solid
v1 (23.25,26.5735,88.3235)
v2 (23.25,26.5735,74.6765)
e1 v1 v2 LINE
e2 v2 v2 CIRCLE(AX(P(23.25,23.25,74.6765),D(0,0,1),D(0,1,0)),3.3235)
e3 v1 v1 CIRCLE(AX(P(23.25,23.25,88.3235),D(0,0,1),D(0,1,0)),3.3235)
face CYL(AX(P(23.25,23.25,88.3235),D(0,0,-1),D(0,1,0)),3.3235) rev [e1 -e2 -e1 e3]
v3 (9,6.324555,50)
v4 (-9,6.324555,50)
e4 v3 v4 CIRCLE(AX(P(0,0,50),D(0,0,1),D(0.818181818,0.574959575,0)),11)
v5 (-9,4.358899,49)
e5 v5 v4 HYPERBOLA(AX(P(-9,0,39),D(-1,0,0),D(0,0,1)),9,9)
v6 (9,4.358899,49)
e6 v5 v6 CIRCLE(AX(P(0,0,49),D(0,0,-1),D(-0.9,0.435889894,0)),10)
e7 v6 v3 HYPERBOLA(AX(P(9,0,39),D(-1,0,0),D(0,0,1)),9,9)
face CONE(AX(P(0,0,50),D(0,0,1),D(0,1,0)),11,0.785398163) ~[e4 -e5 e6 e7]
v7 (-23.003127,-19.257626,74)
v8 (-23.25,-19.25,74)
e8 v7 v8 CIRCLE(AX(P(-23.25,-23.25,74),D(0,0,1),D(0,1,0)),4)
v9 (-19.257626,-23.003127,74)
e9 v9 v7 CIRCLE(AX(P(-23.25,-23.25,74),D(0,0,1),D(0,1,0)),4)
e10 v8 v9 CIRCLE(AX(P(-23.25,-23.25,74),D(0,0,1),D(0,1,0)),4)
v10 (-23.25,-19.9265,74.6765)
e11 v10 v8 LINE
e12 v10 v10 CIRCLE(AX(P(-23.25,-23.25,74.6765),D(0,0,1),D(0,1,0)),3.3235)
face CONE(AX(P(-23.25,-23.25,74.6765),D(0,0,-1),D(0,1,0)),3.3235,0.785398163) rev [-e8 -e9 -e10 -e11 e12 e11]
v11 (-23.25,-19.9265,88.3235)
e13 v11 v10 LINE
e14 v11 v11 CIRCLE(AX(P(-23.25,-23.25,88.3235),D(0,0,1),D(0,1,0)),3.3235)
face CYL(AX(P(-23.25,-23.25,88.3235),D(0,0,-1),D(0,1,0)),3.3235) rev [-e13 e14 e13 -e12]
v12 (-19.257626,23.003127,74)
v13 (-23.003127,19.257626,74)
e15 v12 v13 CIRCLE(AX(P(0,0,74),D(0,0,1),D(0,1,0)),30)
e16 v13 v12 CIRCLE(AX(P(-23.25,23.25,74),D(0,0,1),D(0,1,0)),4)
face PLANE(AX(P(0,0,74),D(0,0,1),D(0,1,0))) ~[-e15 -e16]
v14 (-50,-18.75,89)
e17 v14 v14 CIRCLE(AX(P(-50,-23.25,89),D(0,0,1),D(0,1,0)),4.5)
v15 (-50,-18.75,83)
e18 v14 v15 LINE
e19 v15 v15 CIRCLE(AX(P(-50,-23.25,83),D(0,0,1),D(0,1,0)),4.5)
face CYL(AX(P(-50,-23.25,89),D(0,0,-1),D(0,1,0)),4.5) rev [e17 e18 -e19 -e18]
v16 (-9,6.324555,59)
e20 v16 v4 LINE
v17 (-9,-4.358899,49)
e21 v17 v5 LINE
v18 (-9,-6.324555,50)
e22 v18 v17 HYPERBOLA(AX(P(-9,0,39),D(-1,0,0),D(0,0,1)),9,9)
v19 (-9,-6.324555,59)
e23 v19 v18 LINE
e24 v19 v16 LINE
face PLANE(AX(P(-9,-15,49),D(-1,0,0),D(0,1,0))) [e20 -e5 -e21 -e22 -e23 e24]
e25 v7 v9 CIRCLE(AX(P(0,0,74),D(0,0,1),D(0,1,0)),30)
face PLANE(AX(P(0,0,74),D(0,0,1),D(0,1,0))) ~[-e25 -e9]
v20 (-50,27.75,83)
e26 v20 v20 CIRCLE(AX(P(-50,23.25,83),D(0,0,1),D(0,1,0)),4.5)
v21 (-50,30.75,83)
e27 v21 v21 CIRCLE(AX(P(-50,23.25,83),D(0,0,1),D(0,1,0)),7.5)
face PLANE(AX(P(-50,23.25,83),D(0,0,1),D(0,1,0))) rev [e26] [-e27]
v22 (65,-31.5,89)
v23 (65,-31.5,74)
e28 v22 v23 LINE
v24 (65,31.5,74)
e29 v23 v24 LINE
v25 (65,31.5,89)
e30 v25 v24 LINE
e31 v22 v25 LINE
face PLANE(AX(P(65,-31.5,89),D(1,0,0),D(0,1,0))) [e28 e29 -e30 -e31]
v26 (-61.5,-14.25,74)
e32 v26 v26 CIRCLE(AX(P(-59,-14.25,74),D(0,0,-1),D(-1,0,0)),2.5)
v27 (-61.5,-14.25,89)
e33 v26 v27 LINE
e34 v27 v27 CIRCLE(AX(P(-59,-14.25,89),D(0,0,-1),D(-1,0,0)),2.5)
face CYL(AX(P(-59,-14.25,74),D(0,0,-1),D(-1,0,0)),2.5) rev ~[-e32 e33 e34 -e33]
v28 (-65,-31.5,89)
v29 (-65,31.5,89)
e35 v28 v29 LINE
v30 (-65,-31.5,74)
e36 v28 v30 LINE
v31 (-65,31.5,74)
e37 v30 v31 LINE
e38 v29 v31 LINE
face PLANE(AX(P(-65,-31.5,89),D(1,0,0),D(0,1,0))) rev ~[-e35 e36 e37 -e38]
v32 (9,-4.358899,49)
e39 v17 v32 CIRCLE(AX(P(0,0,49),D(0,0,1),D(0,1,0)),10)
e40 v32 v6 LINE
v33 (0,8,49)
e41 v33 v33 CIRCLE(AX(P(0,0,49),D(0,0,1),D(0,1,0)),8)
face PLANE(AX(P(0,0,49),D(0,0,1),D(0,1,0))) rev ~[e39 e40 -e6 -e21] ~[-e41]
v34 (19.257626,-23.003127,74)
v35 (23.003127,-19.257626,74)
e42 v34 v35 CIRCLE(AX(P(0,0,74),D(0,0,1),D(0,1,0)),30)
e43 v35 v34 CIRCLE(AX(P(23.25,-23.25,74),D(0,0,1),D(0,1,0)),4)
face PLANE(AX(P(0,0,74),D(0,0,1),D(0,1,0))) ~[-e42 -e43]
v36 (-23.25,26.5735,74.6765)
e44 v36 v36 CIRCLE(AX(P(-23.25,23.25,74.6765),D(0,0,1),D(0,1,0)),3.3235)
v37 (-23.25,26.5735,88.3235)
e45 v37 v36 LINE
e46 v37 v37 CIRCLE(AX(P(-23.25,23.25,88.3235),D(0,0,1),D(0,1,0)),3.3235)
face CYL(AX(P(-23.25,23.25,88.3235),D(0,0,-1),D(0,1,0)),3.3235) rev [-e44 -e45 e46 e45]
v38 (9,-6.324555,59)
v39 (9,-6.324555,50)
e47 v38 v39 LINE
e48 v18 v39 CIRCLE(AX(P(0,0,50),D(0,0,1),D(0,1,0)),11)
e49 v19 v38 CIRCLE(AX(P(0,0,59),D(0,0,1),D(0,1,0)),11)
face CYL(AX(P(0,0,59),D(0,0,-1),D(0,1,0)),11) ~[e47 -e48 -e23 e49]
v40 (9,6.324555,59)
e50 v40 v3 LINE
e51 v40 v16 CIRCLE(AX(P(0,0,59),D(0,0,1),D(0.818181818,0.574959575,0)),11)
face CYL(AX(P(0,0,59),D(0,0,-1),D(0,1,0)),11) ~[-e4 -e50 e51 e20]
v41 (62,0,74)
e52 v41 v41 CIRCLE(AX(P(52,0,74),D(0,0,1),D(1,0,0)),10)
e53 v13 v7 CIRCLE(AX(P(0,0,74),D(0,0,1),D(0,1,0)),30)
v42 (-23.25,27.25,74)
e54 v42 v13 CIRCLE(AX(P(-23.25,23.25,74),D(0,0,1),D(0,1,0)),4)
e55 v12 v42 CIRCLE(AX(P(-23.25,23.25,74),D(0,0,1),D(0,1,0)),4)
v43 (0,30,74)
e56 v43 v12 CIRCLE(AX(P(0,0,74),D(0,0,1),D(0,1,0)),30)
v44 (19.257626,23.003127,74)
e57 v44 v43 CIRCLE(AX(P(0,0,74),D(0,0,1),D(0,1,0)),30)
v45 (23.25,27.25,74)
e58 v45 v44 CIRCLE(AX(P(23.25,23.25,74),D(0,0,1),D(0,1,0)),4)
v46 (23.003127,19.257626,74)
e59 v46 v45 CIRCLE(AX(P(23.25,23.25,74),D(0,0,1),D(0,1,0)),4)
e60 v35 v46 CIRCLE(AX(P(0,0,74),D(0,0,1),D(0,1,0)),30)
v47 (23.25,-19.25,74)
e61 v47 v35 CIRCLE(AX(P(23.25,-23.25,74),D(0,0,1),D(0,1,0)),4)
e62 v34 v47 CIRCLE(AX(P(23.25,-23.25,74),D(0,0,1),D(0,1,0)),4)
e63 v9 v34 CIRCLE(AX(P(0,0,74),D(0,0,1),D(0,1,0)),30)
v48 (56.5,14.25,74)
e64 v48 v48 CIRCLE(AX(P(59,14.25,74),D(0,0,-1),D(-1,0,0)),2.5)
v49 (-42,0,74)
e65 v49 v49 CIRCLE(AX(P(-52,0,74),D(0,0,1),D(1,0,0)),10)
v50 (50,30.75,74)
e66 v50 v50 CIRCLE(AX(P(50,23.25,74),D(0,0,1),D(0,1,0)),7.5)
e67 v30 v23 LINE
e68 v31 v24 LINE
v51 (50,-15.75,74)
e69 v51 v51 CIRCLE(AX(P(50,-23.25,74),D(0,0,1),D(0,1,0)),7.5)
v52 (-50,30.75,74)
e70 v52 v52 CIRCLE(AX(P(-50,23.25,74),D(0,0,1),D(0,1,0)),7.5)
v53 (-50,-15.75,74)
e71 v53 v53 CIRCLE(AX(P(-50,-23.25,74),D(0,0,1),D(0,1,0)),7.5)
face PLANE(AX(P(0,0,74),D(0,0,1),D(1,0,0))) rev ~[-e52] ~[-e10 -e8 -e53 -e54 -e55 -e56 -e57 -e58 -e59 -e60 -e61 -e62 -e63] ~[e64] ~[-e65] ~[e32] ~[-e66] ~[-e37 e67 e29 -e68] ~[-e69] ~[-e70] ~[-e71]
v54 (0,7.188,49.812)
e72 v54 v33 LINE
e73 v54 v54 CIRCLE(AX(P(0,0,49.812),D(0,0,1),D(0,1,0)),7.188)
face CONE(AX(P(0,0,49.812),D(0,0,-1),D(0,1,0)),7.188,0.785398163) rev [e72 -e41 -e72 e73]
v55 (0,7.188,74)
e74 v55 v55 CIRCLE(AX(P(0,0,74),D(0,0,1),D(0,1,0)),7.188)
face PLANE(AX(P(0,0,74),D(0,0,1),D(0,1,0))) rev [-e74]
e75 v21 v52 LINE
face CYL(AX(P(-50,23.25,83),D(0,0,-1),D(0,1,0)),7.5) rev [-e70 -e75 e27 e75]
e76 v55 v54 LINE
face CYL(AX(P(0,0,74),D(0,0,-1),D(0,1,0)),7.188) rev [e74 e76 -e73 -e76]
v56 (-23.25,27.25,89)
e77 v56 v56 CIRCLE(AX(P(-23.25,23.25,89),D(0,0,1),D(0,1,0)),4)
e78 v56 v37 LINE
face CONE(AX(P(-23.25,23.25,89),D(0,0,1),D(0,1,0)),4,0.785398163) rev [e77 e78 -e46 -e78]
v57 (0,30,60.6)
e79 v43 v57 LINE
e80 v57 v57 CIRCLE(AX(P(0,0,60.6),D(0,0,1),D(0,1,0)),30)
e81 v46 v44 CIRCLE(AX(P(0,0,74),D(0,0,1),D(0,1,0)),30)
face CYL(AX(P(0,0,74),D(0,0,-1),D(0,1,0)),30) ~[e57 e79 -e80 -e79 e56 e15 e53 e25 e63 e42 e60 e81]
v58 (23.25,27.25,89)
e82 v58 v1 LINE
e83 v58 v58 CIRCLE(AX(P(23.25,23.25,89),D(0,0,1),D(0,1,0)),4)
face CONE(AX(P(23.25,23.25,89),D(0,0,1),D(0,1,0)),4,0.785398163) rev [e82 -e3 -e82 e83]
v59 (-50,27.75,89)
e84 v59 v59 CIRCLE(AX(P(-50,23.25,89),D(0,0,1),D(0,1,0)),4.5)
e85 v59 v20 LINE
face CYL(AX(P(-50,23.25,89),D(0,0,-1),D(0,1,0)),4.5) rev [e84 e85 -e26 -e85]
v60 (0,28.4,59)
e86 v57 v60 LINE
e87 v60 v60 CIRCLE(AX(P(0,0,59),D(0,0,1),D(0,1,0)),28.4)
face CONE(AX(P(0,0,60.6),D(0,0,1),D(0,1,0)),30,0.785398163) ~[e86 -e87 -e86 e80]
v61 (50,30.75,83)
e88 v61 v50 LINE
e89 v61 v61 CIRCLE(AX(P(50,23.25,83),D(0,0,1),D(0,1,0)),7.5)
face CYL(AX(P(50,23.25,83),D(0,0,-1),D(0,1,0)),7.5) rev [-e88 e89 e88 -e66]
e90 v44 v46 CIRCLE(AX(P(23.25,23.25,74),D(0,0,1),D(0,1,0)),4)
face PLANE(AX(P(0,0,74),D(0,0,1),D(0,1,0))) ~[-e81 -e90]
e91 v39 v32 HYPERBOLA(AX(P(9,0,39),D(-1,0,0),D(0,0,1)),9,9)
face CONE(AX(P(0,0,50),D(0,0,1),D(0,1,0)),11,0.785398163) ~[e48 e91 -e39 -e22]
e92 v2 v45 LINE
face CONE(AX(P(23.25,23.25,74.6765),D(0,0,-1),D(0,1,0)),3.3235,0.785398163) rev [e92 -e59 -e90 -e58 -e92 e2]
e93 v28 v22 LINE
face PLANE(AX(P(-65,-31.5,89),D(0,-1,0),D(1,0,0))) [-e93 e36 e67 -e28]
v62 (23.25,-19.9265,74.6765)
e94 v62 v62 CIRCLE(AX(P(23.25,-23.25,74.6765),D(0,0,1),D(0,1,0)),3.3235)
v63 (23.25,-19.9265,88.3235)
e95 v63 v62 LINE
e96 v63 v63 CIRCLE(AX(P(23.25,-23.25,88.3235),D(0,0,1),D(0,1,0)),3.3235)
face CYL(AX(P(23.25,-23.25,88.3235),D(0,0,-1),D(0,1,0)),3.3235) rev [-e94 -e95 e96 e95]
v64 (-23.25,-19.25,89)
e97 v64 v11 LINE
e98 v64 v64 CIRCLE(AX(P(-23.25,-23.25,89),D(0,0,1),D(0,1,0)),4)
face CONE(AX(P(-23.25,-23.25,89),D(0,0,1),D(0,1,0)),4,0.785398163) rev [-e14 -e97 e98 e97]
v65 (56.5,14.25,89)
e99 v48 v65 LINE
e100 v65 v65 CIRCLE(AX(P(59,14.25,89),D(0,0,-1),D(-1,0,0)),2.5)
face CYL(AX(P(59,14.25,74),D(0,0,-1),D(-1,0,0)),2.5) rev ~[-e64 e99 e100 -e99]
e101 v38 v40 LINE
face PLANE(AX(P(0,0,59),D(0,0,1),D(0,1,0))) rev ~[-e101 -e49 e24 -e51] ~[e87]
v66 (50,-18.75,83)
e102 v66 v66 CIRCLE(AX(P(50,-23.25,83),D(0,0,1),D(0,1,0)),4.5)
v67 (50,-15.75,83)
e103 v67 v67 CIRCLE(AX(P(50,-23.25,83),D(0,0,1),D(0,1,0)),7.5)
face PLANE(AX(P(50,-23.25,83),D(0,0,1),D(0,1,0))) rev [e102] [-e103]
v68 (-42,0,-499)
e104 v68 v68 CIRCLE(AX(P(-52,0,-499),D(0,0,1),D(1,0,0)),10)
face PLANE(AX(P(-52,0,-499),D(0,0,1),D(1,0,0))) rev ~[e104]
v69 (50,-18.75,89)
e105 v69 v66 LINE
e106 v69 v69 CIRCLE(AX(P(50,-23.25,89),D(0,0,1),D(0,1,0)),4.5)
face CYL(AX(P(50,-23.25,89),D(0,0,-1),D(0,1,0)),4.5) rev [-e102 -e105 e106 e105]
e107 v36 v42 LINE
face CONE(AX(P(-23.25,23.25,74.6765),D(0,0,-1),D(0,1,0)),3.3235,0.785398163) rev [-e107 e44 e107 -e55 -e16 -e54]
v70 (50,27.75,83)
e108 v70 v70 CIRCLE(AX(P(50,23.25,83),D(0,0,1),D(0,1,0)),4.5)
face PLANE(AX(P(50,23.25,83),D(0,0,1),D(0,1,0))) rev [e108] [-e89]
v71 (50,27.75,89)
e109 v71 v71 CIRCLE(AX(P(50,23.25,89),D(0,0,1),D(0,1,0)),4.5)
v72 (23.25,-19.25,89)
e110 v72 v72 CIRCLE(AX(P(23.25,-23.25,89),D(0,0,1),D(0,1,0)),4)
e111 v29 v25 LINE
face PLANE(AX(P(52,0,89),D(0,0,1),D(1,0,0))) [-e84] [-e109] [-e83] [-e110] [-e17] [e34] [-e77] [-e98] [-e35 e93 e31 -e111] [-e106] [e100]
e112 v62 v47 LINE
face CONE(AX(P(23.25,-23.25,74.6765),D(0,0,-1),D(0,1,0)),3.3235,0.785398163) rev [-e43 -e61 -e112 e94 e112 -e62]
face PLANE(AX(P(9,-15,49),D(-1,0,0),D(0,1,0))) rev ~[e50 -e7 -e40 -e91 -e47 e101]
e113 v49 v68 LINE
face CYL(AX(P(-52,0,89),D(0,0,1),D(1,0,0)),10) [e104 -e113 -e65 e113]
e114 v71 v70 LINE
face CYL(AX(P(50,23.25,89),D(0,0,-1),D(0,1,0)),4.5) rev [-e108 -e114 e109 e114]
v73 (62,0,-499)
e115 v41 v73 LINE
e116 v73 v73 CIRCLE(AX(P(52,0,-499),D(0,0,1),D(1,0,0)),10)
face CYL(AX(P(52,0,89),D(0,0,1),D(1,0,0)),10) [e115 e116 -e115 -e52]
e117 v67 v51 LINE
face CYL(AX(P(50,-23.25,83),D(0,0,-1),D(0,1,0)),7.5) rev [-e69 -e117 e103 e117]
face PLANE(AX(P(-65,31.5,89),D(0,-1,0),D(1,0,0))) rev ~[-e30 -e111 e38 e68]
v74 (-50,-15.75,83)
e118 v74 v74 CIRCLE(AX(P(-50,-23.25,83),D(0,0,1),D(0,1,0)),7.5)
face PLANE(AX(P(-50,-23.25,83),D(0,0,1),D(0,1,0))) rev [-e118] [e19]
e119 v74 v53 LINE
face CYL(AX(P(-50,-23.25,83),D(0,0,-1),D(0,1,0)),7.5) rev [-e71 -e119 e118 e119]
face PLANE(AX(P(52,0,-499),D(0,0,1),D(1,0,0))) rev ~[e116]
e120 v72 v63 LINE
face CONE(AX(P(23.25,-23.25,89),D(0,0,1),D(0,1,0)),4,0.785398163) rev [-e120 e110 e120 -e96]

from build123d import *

# Parameters (mm, degrees)
SKETCH1_W            = 130
SKETCH1_H            = 63
BOSS_EXTRUDE1_DEPTH  = 15
LPATTERN1_COUNT      = 2
LPATTERN1_PITCH      = 46.5
LPATTERN1_COUNT_DIR2 = 2
LPATTERN1_PITCH_DIR2 = 46.5
LPATTERN2_COUNT      = 2
LPATTERN2_PITCH      = 100
LPATTERN2_COUNT_DIR2 = 2
LPATTERN2_PITCH_DIR2 = 46.5
SKETCH6_R            = 10
BOSS_EXTRUDE2_DEPTH  = 588
SKETCH7_R            = 10
BOSS_EXTRUDE3_DEPTH  = 588
SKETCH10_W           = 40
SKETCH10_H           = 40
SKETCH10_W_2         = 18
SKETCH10_H_2         = 30
CUT_EXTRUDE1_DEPTH   = 10
SKETCH11_R           = 2.5
CUT_EXTRUDE2_DEPTH   = 16


with BuildPart() as part:
    # Sketch1 → Boss-Extrude1 (new body)
    with BuildSketch(Plane.XY.offset(89)):
        Rectangle(SKETCH1_W, SKETCH1_H)
    extrude(amount=-BOSS_EXTRUDE1_DEPTH)

    # Sketch2 → Cut-Revolve1 (revolve, cut)
    with BuildSketch(Plane(origin=(23.25, 0, 0), x_dir=(0, 0, -1), z_dir=(1, 0, 0))):
        Polygon((-89, 23.25), (-89, 27.25), (-88.3235, 26.5735), (-74.6765, 26.5735), (-74, 27.25), (-74, 23.25), align=None)
    cut_revolve1 = revolve(axis=Axis((23.25, 23.25, 74), (0, 0, 1)), mode=Mode.SUBTRACT)

    # LPattern1: Cut-Revolve1 2 × 2
    with Locations(*[(-i * LPATTERN1_PITCH, -j * LPATTERN1_PITCH_DIR2, 0) for i in range(LPATTERN1_COUNT) for j in range(LPATTERN1_COUNT_DIR2) if (i, j) != (0, 0)]):
        add(cut_revolve1, mode=Mode.SUBTRACT)

    # Sketch4 → Cut-Revolve2 (revolve, cut)
    with BuildSketch(Plane(origin=(50, 0, 0), x_dir=(0, 0, -1), z_dir=(1, 0, 0))):
        Polygon((-89, 23.25), (-89, 27.75), (-83, 27.75), (-83, 30.75), (-74, 30.75), (-74, 23.25), align=None)
    cut_revolve2 = revolve(axis=Axis((50, 23.25, 74), (0, 0, 1)), mode=Mode.SUBTRACT)

    # LPattern2: Cut-Revolve2 2 × 2
    with Locations(*[(-i * LPATTERN2_PITCH, -j * LPATTERN2_PITCH_DIR2, 0) for i in range(LPATTERN2_COUNT) for j in range(LPATTERN2_COUNT_DIR2) if (i, j) != (0, 0)]):
        add(cut_revolve2, mode=Mode.SUBTRACT)

    # Sketch6 → Boss-Extrude2 (add)
    with BuildSketch(Plane.XY.offset(89)):
        with Locations((-52, 0)):
            Circle(SKETCH6_R)
    extrude(amount=-BOSS_EXTRUDE2_DEPTH)

    # Sketch7 → Boss-Extrude3 (add)
    with BuildSketch(Plane.XY.offset(89)):
        with Locations((52, 0)):
            Circle(SKETCH7_R)
    extrude(amount=-BOSS_EXTRUDE3_DEPTH)

    # Sketch8 → Revolve1 (revolve)
    with BuildSketch(Plane(origin=(0, 0, 0), x_dir=(0, 0, -1), z_dir=(1, 0, 0))):
        Polygon((-74, 0), (-74, 30), (-60.6, 30), (-59, 28.4), (-59, 11), (-50, 11), (-49, 10), (-49, 0), align=None)
    revolve(axis=Axis((0, 0, 49), (0, 0, 1)))

    # Sketch9 → Cut-Revolve3 (revolve, cut)
    with BuildSketch(Plane(origin=(0, 0, 0), x_dir=(0, 0, -1), z_dir=(1, 0, 0))):
        Polygon((-74, 0), (-74, 7.188), (-49.812, 7.188), (-49, 8), (-49, 0), align=None)
    revolve(axis=Axis((0, 0, 49), (0, 0, 1)), mode=Mode.SUBTRACT)

    # Sketch10 → Cut-Extrude1 (cut)
    with BuildSketch(Plane.XY.offset(49)):
        Rectangle(SKETCH10_W, SKETCH10_H)
        Rectangle(SKETCH10_W_2, SKETCH10_H_2, mode=Mode.SUBTRACT)
    extrude(amount=CUT_EXTRUDE1_DEPTH, mode=Mode.SUBTRACT)

    # Sketch11 → Cut-Extrude2 (cut, through all)
    with BuildSketch(Plane(origin=(0, 0, 74), x_dir=(-1, 0, 0), z_dir=(0, 0, -1))):
        with Locations((-59, 14.25)):
            Circle(SKETCH11_R)
        with Locations((59, -14.25)):
            Circle(SKETCH11_R)
    extrude(amount=-CUT_EXTRUDE2_DEPTH, mode=Mode.SUBTRACT)


solid = part.part
